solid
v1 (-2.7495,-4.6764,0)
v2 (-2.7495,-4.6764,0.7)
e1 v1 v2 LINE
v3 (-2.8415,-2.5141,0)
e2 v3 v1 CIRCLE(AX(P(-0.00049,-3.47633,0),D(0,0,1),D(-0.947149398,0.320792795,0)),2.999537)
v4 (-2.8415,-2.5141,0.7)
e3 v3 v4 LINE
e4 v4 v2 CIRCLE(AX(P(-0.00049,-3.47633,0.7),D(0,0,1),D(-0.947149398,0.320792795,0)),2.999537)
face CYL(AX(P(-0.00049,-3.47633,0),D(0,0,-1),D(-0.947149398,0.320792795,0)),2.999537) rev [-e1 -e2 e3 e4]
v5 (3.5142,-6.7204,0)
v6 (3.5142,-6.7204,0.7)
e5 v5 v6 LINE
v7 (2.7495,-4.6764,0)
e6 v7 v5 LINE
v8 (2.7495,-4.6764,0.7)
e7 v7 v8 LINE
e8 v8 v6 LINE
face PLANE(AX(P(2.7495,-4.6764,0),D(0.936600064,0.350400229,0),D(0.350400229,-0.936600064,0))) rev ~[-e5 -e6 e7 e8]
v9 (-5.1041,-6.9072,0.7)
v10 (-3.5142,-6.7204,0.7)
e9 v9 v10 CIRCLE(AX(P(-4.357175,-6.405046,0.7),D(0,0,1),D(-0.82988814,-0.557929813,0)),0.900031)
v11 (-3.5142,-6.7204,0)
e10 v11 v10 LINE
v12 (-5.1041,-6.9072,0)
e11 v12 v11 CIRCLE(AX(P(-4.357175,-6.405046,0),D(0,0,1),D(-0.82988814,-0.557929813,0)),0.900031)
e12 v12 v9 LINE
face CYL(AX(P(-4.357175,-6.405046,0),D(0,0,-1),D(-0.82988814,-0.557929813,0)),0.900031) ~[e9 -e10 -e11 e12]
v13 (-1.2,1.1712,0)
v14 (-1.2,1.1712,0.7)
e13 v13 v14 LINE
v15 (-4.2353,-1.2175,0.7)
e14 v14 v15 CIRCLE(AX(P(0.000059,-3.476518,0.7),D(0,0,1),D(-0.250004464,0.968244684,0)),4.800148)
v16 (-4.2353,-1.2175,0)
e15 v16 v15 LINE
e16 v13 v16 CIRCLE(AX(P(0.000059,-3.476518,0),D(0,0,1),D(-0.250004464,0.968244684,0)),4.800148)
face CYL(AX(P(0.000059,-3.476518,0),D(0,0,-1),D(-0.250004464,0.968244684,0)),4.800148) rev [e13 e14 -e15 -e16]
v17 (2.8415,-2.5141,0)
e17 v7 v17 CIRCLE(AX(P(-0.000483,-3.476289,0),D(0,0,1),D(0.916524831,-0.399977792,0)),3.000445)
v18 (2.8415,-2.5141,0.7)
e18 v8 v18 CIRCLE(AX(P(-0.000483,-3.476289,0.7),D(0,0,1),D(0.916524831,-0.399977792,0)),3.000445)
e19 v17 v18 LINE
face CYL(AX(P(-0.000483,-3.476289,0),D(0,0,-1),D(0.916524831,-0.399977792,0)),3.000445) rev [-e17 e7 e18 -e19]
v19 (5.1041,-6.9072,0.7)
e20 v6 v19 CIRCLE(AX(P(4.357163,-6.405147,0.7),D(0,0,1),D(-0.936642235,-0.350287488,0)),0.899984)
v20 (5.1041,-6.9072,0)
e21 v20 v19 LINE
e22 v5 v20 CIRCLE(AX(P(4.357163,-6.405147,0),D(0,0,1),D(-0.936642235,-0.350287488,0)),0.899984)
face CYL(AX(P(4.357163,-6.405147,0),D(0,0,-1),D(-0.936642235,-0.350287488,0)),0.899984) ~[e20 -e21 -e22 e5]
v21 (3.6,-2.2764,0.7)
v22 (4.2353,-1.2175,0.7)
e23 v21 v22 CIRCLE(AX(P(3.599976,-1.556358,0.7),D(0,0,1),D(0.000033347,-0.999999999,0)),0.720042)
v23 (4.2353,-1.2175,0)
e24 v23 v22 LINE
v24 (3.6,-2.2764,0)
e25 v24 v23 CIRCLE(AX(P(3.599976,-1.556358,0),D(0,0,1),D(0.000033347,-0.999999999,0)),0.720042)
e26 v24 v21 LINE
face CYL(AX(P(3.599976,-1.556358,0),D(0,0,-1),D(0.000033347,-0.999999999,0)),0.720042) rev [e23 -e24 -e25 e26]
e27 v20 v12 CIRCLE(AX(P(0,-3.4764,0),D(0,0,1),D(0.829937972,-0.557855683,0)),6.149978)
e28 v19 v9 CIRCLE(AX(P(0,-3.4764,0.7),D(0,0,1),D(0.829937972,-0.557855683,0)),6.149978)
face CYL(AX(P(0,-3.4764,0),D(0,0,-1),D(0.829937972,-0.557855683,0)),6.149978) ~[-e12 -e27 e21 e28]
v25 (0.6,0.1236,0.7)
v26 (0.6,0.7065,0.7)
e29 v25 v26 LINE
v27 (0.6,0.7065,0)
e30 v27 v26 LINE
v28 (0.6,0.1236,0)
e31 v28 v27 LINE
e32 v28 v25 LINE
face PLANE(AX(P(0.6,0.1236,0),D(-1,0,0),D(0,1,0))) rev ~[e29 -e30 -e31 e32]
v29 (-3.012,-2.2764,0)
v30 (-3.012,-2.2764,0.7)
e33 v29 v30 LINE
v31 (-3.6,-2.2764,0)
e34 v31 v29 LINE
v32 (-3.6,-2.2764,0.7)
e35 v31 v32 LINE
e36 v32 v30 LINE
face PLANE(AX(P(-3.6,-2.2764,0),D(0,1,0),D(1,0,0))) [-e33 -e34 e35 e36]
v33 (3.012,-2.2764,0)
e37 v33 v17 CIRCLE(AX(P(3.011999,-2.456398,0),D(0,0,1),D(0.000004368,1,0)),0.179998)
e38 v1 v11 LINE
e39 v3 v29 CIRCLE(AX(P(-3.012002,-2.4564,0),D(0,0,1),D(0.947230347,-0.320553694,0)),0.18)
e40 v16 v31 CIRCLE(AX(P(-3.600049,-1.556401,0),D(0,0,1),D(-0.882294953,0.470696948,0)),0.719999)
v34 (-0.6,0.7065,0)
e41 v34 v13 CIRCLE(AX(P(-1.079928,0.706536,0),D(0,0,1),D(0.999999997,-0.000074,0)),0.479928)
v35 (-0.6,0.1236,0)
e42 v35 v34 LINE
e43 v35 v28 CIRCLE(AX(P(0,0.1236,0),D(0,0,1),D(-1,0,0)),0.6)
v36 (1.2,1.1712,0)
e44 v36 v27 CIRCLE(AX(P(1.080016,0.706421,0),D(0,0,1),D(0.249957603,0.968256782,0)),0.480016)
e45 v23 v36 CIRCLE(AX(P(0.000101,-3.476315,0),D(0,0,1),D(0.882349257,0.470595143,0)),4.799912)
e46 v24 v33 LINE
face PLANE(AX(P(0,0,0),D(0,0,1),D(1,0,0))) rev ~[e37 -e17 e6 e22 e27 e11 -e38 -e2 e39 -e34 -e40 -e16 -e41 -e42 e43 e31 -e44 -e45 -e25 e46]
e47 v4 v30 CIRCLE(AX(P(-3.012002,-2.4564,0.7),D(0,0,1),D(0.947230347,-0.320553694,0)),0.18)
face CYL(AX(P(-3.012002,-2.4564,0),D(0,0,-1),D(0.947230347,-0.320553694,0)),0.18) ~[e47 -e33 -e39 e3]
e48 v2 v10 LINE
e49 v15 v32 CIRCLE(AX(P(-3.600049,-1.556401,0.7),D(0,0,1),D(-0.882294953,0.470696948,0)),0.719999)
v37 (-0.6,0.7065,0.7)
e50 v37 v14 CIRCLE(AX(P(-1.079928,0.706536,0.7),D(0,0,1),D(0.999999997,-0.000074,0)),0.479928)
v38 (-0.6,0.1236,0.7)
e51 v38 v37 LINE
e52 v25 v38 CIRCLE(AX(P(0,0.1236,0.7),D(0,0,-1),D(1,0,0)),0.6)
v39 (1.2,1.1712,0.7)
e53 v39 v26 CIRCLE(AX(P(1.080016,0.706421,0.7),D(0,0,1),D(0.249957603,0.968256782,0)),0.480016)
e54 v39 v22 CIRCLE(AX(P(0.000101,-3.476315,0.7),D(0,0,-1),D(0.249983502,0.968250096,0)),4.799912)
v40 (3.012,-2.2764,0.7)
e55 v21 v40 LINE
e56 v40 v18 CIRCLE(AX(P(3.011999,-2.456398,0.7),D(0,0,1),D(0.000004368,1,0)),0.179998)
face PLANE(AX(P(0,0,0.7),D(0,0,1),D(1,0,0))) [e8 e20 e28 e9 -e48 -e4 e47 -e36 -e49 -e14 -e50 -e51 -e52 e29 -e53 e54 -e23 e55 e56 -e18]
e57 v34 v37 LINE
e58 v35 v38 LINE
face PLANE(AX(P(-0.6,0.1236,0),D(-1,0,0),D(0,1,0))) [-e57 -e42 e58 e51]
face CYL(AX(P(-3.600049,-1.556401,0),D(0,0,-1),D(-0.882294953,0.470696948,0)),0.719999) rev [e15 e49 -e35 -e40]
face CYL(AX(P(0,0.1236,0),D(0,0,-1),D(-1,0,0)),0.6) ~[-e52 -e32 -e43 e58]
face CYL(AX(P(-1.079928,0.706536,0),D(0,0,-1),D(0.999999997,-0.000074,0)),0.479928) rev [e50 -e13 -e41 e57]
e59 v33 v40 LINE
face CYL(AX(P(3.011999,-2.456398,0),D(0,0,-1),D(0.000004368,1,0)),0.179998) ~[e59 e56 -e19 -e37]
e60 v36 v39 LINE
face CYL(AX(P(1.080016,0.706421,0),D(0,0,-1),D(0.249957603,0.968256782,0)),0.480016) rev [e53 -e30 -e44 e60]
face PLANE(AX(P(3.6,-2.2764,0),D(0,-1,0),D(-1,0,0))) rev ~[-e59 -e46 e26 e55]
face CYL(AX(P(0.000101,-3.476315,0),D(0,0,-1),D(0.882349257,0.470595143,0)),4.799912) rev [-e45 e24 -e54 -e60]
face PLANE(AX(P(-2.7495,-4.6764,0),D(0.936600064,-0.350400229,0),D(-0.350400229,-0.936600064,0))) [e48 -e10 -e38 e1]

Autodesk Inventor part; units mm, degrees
ref_plane "YZ Plane" through (0, 0, 0) normal (1, 0, 0) x (0, 1, 0)
ref_plane "XZ Plane" through (0, 0, 0) normal (0, 1, 0) x (-1, 0, 0)
sketch "Sketch1" plane through (0, 0, 0) normal (0, 0, 1) x (1, 0, 0)
  circle A0 centre (0, -3.4764) radius 3.5 construction
  line L0 (-0.6, 0.0236) -> (0, 0.0236) construction
  line L1 (-3.206, 0) -> (3.4858, 0) projected
  line L2 (-2.7495, -4.6764) -> (2.7495, -4.6764) construction
  arc A1 (-2.8415, -2.5141) -> (-2.7495, -4.6764) centre (0, -3.4764) ccw
  line L3 (0, 1.949) -> (0, -3.4788) projected
  arc A2 (-0.6, 0.1236) -> (0.6, 0.1236) centre (0, 0.1236) ccw
  arc A3 (5.1041, -6.9072) -> (-5.1041, -6.9072) centre (0, -3.4764) ccw
  line L4 (-3.6, -2.2764) -> (-3.012, -2.2764)
  line L5 (-0.6, 0.1236) -> (-0.6, 0.7065)
  arc A4 (-1.2, 1.1712) -> (-4.2353, -1.2175) centre (0, -3.4764) ccw
  arc A5 (-0.6, 0.7065) -> (-1.2, 1.1712) centre (-1.08, 0.7065) ccw
  arc A6 (-4.2353, -1.2175) -> (-3.6, -2.2764) centre (-3.6, -1.5564) ccw
  arc A7 (-2.8415, -2.5141) -> (-3.012, -2.2764) centre (-3.012, -2.4564) ccw
  line L6 (0, 2.6736) -> (2.5298, 2.6736) construction
  line L7 (-2.7495, -4.6764) -> (-3.5142, -6.7204)
  arc A8 (-5.1041, -6.9072) -> (-3.5142, -6.7204) centre (-4.3572, -6.4051) ccw
  line L8 (0, -0.4764) -> (-1.2778, -0.4764) construction
  line L9 (2.7495, -4.6764) -> (3.5142, -6.7204)
  arc A9 (3.5142, -6.7204) -> (5.1041, -6.9072) centre (4.3572, -6.4051) ccw
  arc A10 (2.7495, -4.6764) -> (2.8415, -2.5141) centre (0, -3.4764) ccw
  line L10 (3.6, -2.2764) -> (3.012, -2.2764)
  line L11 (0.6, 0.1236) -> (0.6, 0.7065)
  arc A11 (4.2353, -1.2175) -> (1.2, 1.1712) centre (0, -3.4764) ccw
  arc A12 (1.2, 1.1712) -> (0.6, 0.7065) centre (1.08, 0.7065) ccw
  arc A13 (3.6, -2.2764) -> (4.2353, -1.2175) centre (3.6, -1.5564) ccw
  arc A14 (3.012, -2.2764) -> (2.8415, -2.5141) centre (3.012, -2.4564) ccw
  point P0 (0.6, 0.0236)
  dimension "d0" = 7
  dimension "d3" = 1.2
  dimension "d4" = 0.6
  dimension "d5" = 12.3
  dimension "d8" = 4.8
  dimension "d9" = 1.2
  dimension "d10" = 0.48
  dimension "d11" = 0.72
  dimension "d12" = 0.18
  dimension "d13" = 0.9
  dimension "d14" = 3
  dimension "d15" = 3
extrude "Body" add sketch "Sketch1" along normal blind 0.7 contours A2 L5 A5 A4 A6 L4 A7 A1 L7 A8 A3 A9 L9 A10 A14 L10 A13 A11 A12 L11 L1 | L1 L3 A2 | L1 A2 L3
ref_plane "Work Plane1" through (0, -3.4764, 0) normal (-1, 0, 0) x (0, 0, 1)
equation "\"d0\" = WD"
equation "\"d3\" = 0.2 * ND"
equation "\"d4\" = 0.1 * ND"
equation "\"d5\" = SD2"
equation "\"d8\" = 0.8 * ND"
equation "\"d9\" = 0.2 * ND"
equation "\"d10\" = 0.08 * ND"
equation "\"d11\" = 0.12 * ND"
equation "\"d12\" = 0.03 * ND"
equation "\"d13\" = 0.15 * ND"
equation "\"d14\" = 0.5 * ND"
equation "\"d15\" = 0.5 * ND"
equation "\"d16\" = SD"
equation "\"ND\" = 6"
equation "\"SD\" = 0.7"
equation "\"WD\" = 7"
equation "\"d1\" = 1.6 * ND"
equation "\"d2\" = ND"
equation "\"SD2\" = 12.3"
equation "\"d6\" = ND"
equation "\"d7\" = 0.15 * ND"
equation "\"WDMIN\" = 6"
equation "\"SNB\" = 0.74"
equation "\"WDMAX\" = 8"
equation "\"BUBRMI\" = 1.2"
properties part number "DIN 6799 - 6" material "Steel, Mild"
